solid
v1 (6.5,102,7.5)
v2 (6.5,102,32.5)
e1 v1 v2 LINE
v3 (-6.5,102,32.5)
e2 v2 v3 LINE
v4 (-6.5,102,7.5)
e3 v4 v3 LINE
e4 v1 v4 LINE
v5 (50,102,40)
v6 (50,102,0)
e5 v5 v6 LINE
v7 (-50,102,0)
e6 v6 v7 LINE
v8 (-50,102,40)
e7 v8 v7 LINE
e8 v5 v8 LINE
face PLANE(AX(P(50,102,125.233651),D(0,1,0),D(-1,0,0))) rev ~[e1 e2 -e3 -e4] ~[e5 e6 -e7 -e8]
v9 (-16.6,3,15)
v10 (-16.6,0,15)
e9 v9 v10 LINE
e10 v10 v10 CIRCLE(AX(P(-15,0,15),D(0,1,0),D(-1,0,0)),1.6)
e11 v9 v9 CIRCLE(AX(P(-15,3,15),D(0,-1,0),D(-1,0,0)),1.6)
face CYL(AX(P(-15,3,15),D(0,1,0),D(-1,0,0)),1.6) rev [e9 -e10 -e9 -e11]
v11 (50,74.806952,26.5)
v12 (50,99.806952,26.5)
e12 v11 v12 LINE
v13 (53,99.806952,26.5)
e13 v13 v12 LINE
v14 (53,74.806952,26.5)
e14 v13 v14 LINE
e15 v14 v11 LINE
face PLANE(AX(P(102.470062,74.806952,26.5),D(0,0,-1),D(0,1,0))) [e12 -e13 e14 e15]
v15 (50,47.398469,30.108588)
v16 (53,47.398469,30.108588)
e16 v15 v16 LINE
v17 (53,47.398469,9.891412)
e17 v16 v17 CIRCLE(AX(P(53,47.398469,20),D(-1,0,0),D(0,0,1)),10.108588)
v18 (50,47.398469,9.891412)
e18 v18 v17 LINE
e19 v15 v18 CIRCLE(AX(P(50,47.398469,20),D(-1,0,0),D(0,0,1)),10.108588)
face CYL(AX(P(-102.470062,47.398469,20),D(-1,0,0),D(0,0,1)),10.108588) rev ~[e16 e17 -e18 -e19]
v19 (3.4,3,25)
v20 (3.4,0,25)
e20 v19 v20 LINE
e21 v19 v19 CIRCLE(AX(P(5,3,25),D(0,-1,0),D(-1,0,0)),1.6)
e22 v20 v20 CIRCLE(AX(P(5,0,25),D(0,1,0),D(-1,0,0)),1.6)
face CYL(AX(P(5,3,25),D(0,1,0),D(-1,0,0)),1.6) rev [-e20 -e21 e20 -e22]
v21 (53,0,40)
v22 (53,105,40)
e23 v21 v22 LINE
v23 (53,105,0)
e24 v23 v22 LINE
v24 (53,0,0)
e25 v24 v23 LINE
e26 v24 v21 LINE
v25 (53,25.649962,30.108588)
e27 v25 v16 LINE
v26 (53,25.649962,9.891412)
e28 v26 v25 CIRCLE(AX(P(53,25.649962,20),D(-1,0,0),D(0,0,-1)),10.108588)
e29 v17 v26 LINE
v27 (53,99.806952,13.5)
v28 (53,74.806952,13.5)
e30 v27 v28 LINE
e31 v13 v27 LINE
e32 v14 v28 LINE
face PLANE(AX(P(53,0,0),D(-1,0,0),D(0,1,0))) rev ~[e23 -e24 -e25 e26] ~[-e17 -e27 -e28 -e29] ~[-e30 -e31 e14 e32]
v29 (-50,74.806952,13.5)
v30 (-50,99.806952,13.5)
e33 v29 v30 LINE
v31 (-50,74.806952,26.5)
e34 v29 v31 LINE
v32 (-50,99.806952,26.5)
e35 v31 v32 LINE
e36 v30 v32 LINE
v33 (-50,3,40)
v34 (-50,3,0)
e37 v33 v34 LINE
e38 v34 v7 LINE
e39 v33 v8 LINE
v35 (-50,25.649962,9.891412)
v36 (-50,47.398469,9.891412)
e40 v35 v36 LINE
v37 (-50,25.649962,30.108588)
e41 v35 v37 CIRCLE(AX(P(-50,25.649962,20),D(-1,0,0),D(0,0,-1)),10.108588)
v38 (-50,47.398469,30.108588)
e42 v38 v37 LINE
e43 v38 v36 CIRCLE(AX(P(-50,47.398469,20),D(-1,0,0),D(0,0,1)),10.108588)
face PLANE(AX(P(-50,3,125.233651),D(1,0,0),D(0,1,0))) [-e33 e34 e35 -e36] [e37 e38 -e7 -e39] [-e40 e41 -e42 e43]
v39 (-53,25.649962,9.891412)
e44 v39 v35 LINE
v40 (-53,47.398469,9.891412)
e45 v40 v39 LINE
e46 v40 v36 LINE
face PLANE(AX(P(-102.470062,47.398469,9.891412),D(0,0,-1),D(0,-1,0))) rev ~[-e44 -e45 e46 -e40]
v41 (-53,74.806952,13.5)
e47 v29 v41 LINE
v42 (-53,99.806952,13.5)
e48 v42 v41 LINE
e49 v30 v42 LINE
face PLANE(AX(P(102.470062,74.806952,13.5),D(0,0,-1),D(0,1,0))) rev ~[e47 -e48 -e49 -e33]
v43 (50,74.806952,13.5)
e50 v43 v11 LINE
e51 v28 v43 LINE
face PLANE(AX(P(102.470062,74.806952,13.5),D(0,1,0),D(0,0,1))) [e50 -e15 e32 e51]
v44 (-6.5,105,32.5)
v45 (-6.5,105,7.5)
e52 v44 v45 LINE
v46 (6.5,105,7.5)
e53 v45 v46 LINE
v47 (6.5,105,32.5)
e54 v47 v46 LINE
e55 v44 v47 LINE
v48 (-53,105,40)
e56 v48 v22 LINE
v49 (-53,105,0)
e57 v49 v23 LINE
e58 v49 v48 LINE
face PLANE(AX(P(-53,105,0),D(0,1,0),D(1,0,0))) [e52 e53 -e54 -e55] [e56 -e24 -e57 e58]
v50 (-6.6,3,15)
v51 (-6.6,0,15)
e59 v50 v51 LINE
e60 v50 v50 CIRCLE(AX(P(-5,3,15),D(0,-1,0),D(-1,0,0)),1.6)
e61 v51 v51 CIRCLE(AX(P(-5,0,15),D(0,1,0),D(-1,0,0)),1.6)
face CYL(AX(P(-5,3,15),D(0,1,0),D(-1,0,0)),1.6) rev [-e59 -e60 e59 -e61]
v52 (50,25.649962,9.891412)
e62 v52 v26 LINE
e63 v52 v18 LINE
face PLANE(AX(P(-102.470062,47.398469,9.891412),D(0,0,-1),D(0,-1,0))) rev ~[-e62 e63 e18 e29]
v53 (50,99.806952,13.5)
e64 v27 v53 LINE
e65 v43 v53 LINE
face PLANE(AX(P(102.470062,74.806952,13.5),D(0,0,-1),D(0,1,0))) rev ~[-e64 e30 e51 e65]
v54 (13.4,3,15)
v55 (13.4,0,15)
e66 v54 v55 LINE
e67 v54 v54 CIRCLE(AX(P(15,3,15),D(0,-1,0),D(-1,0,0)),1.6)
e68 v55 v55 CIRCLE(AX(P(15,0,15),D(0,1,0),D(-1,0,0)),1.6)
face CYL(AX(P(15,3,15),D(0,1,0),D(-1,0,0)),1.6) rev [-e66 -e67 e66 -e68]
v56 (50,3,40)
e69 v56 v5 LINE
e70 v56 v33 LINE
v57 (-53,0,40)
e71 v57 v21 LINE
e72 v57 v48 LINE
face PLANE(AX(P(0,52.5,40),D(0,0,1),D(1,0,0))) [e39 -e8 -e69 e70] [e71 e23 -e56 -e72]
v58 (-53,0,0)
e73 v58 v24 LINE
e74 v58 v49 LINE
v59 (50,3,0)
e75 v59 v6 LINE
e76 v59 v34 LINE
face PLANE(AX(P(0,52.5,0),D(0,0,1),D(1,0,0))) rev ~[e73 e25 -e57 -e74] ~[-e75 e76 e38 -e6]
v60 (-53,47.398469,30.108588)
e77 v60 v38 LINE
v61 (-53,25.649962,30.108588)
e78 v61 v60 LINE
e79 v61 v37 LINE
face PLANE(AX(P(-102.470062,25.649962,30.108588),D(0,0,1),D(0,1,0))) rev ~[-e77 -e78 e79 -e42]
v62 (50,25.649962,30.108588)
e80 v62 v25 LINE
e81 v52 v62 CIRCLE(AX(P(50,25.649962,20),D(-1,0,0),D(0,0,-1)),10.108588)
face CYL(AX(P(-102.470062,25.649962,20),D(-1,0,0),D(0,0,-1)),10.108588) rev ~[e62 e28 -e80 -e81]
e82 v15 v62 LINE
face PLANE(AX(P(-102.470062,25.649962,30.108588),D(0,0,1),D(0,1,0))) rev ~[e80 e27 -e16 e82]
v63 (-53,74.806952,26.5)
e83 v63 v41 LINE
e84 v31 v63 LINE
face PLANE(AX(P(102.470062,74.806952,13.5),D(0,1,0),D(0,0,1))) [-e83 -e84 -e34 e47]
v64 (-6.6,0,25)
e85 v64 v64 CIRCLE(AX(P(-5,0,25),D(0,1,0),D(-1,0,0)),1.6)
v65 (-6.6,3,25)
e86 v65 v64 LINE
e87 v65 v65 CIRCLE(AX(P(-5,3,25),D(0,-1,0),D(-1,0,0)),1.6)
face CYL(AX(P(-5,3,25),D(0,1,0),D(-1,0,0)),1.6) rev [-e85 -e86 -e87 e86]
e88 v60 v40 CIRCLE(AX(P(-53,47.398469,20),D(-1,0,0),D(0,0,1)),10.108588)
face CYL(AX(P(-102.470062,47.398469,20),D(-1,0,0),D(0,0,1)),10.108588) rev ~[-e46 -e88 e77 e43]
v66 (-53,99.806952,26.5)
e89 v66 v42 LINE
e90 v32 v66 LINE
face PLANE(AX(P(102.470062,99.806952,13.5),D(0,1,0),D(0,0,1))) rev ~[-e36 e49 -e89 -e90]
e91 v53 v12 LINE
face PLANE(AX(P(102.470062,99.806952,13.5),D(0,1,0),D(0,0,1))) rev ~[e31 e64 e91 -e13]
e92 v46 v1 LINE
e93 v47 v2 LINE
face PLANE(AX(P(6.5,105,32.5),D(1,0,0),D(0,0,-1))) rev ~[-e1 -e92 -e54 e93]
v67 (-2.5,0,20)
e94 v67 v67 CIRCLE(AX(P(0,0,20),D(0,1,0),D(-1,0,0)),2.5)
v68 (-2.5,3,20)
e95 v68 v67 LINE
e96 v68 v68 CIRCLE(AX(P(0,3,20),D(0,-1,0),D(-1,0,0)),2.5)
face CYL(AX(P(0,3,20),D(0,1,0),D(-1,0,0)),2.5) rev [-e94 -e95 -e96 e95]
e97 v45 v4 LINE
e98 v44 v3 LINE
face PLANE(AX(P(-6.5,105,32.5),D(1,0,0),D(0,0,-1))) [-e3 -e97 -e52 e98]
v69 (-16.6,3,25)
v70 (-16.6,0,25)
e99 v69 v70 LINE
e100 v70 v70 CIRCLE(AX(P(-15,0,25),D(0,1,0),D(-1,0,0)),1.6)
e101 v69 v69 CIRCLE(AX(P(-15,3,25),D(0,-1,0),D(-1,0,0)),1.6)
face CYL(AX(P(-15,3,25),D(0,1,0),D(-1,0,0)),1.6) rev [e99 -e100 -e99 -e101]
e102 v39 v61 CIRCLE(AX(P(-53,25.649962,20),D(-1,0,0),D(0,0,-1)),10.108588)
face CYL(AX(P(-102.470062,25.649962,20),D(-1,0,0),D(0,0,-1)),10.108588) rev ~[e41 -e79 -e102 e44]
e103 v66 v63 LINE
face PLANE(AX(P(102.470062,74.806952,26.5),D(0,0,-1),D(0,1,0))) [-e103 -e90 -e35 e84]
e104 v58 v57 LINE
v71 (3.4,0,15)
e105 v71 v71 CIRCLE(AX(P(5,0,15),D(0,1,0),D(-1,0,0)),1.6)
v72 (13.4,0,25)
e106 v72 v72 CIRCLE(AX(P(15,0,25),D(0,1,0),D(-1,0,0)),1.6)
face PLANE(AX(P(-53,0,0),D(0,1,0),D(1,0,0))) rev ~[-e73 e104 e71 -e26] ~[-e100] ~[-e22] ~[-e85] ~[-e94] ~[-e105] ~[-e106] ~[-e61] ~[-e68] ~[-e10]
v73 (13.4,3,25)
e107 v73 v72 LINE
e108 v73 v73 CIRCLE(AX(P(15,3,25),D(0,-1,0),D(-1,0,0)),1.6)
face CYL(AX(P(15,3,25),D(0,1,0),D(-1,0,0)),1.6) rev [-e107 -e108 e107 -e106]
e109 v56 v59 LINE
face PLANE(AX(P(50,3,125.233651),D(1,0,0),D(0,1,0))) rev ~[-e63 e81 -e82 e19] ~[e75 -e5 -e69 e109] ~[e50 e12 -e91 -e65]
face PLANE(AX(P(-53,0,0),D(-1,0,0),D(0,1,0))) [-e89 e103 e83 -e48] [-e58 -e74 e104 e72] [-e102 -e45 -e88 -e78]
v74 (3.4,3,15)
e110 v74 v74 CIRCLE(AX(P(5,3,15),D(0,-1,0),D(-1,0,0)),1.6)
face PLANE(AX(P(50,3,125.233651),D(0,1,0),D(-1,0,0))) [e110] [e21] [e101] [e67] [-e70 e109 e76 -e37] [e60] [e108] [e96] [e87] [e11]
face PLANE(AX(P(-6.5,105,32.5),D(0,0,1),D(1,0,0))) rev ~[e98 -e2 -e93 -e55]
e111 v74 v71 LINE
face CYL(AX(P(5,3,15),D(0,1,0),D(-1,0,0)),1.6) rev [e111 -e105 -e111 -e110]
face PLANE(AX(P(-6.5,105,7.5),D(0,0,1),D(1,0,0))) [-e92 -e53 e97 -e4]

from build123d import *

# Parameters (mm, degrees)
SKETCH_1_W                      = 106
SKETCH_1_H                      = 105
EXTRUDE_1_DEPTH                 = 40
CUT_EXTRUDE_1_DEPTH             = 125.233650836
CUT_EXTRUDE_1_DEPTH_BACK        = 125.233650836
SKETCH_3_W                      = 100
SKETCH_3_H                      = 99
CUT_EXTRUDE_3_DEPTH             = 1
CUT_EXTRUDE_3_DEPTH_BACK        = 3
SKETCH_7_R                      = 2.5
SKETCH_7_R_2                    = 1.6
CUT_EXTRUDE_4_REACH             = 126.234
SKETCH_6_W                      = 13
SKETCH_6_H                      = 25
CUT_EXTRUDE_4_DIRECTION_2_DEPTH = 125.233650836
CUT_EXTRUDE_5_DEPTH             = 155.470061824
CUT_EXTRUDE_5_DEPTH_BACK        = 155.470061824
SKETCH_10_W                     = 13
SKETCH_10_H                     = 25
CUT_EXTRUDE_6_DEPTH             = 155.470061824
CUT_EXTRUDE_6_DEPTH_BACK        = 155.470061824


with BuildPart() as part:
    # 草图1 → 凸台-拉伸1 (new body)
    with BuildSketch(Plane.XY):
        with Locations((0, 52.5)):
            Rectangle(SKETCH_1_W, SKETCH_1_H)
    extrude(amount=EXTRUDE_1_DEPTH)

    # 草图3 → 切除-拉伸1 (cut, two sides: drawn at the far end of the back side and taken through both)
    with BuildSketch(Plane(origin=(0, 0, 0), x_dir=(-1, 0, 0), z_dir=(0, 0, -1)).offset(-CUT_EXTRUDE_1_DEPTH_BACK)):
        with Locations((0, 52.5)):
            Rectangle(SKETCH_3_W, SKETCH_3_H)
    extrude(amount=CUT_EXTRUDE_1_DEPTH + CUT_EXTRUDE_1_DEPTH_BACK, mode=Mode.SUBTRACT)

    # 草图7 → 切除-拉伸3 (cut, two sides: drawn at the far end of the back side and taken through both)
    with BuildSketch(Plane.XZ.offset(-CUT_EXTRUDE_3_DEPTH_BACK)):
        with Locations(Location((0, 20, 0), (0, 0, 180))):
            Circle(SKETCH_7_R)
        with Locations(Location((5, 25, 0), (0, 0, 180))):
            Circle(SKETCH_7_R_2)
        with Locations(Location((5, 15, 0), (0, 0, 180))):
            Circle(SKETCH_7_R_2)
        with Locations(Location((-5, 15, 0), (0, 0, 180))):
            Circle(SKETCH_7_R_2)
        with Locations(Location((-5, 25, 0), (0, 0, 180))):
            Circle(SKETCH_7_R_2)
        with Locations(Location((15, 25, 0), (0, 0, 180))):
            Circle(SKETCH_7_R_2)
        with Locations(Location((-15, 25, 0), (0, 0, 180))):
            Circle(SKETCH_7_R_2)
        with Locations(Location((15, 15, 0), (0, 0, 180))):
            Circle(SKETCH_7_R_2)
        with Locations(Location((-15, 15, 0), (0, 0, 180))):
            Circle(SKETCH_7_R_2)
    extrude(amount=CUT_EXTRUDE_3_DEPTH + CUT_EXTRUDE_3_DEPTH_BACK, mode=Mode.SUBTRACT)

    # 草图6 → 切除-拉伸4 (cut, up to next)
    with BuildSketch(Plane(origin=(0, 105, 0), x_dir=(1, 0, 0), z_dir=(0, 1, 0)), mode=Mode.PRIVATE) as cut_extrude_4_sk1:
        with Locations((0, -20)):
            Rectangle(SKETCH_6_W, SKETCH_6_H)
    cut_extrude_4_tool1 = extrude(cut_extrude_4_sk1.sketch, amount=-CUT_EXTRUDE_4_REACH, mode=Mode.PRIVATE) & part.part
    add(cut_extrude_4_tool1.solids().sort_by_distance((0, 105, 20))[0], mode=Mode.SUBTRACT)

    # 草图6 → 切除-拉伸4 direction 2 (cut)
    with BuildSketch(Plane(origin=(0, 105, 0), x_dir=(1, 0, 0), z_dir=(0, 1, 0))):
        with Locations((0, -20)):
            Rectangle(SKETCH_6_W, SKETCH_6_H)
    extrude(amount=CUT_EXTRUDE_4_DIRECTION_2_DEPTH, mode=Mode.SUBTRACT)

    # 草图10 → 切除-拉伸5 (cut, two sides: drawn at the far end of the back side and taken through both)
    with BuildSketch(Plane.ZY.offset(53).offset(-CUT_EXTRUDE_5_DEPTH_BACK)):
        with Locations((20, 87.306952357)):
            Rectangle(SKETCH_10_W, SKETCH_10_H)
    extrude(amount=CUT_EXTRUDE_5_DEPTH + CUT_EXTRUDE_5_DEPTH_BACK, mode=Mode.SUBTRACT)

    # 草图12 → 切除-拉伸6 (cut, two sides: drawn at the far end of the back side and taken through both)
    with BuildSketch(Plane(origin=(53, 0, 0), x_dir=(0, 0, -1), z_dir=(1, 0, 0)).offset(-CUT_EXTRUDE_6_DEPTH_BACK)):
        with BuildLine():
            Line((-30.108588081, 25.649961527), (-30.108588081, 47.398469004))
            ThreePointArc((-30.108588081, 47.398469004), (-20, 57.507057086), (-9.891411919, 47.398469004))
            Line((-9.891411919, 47.398469004), (-9.891411919, 25.649961527))
            ThreePointArc((-9.891411919, 25.649961527), (-20, 15.541373446), (-30.108588081, 25.649961527))
        make_face()
    extrude(amount=CUT_EXTRUDE_6_DEPTH + CUT_EXTRUDE_6_DEPTH_BACK, mode=Mode.SUBTRACT)


solid = part.part
